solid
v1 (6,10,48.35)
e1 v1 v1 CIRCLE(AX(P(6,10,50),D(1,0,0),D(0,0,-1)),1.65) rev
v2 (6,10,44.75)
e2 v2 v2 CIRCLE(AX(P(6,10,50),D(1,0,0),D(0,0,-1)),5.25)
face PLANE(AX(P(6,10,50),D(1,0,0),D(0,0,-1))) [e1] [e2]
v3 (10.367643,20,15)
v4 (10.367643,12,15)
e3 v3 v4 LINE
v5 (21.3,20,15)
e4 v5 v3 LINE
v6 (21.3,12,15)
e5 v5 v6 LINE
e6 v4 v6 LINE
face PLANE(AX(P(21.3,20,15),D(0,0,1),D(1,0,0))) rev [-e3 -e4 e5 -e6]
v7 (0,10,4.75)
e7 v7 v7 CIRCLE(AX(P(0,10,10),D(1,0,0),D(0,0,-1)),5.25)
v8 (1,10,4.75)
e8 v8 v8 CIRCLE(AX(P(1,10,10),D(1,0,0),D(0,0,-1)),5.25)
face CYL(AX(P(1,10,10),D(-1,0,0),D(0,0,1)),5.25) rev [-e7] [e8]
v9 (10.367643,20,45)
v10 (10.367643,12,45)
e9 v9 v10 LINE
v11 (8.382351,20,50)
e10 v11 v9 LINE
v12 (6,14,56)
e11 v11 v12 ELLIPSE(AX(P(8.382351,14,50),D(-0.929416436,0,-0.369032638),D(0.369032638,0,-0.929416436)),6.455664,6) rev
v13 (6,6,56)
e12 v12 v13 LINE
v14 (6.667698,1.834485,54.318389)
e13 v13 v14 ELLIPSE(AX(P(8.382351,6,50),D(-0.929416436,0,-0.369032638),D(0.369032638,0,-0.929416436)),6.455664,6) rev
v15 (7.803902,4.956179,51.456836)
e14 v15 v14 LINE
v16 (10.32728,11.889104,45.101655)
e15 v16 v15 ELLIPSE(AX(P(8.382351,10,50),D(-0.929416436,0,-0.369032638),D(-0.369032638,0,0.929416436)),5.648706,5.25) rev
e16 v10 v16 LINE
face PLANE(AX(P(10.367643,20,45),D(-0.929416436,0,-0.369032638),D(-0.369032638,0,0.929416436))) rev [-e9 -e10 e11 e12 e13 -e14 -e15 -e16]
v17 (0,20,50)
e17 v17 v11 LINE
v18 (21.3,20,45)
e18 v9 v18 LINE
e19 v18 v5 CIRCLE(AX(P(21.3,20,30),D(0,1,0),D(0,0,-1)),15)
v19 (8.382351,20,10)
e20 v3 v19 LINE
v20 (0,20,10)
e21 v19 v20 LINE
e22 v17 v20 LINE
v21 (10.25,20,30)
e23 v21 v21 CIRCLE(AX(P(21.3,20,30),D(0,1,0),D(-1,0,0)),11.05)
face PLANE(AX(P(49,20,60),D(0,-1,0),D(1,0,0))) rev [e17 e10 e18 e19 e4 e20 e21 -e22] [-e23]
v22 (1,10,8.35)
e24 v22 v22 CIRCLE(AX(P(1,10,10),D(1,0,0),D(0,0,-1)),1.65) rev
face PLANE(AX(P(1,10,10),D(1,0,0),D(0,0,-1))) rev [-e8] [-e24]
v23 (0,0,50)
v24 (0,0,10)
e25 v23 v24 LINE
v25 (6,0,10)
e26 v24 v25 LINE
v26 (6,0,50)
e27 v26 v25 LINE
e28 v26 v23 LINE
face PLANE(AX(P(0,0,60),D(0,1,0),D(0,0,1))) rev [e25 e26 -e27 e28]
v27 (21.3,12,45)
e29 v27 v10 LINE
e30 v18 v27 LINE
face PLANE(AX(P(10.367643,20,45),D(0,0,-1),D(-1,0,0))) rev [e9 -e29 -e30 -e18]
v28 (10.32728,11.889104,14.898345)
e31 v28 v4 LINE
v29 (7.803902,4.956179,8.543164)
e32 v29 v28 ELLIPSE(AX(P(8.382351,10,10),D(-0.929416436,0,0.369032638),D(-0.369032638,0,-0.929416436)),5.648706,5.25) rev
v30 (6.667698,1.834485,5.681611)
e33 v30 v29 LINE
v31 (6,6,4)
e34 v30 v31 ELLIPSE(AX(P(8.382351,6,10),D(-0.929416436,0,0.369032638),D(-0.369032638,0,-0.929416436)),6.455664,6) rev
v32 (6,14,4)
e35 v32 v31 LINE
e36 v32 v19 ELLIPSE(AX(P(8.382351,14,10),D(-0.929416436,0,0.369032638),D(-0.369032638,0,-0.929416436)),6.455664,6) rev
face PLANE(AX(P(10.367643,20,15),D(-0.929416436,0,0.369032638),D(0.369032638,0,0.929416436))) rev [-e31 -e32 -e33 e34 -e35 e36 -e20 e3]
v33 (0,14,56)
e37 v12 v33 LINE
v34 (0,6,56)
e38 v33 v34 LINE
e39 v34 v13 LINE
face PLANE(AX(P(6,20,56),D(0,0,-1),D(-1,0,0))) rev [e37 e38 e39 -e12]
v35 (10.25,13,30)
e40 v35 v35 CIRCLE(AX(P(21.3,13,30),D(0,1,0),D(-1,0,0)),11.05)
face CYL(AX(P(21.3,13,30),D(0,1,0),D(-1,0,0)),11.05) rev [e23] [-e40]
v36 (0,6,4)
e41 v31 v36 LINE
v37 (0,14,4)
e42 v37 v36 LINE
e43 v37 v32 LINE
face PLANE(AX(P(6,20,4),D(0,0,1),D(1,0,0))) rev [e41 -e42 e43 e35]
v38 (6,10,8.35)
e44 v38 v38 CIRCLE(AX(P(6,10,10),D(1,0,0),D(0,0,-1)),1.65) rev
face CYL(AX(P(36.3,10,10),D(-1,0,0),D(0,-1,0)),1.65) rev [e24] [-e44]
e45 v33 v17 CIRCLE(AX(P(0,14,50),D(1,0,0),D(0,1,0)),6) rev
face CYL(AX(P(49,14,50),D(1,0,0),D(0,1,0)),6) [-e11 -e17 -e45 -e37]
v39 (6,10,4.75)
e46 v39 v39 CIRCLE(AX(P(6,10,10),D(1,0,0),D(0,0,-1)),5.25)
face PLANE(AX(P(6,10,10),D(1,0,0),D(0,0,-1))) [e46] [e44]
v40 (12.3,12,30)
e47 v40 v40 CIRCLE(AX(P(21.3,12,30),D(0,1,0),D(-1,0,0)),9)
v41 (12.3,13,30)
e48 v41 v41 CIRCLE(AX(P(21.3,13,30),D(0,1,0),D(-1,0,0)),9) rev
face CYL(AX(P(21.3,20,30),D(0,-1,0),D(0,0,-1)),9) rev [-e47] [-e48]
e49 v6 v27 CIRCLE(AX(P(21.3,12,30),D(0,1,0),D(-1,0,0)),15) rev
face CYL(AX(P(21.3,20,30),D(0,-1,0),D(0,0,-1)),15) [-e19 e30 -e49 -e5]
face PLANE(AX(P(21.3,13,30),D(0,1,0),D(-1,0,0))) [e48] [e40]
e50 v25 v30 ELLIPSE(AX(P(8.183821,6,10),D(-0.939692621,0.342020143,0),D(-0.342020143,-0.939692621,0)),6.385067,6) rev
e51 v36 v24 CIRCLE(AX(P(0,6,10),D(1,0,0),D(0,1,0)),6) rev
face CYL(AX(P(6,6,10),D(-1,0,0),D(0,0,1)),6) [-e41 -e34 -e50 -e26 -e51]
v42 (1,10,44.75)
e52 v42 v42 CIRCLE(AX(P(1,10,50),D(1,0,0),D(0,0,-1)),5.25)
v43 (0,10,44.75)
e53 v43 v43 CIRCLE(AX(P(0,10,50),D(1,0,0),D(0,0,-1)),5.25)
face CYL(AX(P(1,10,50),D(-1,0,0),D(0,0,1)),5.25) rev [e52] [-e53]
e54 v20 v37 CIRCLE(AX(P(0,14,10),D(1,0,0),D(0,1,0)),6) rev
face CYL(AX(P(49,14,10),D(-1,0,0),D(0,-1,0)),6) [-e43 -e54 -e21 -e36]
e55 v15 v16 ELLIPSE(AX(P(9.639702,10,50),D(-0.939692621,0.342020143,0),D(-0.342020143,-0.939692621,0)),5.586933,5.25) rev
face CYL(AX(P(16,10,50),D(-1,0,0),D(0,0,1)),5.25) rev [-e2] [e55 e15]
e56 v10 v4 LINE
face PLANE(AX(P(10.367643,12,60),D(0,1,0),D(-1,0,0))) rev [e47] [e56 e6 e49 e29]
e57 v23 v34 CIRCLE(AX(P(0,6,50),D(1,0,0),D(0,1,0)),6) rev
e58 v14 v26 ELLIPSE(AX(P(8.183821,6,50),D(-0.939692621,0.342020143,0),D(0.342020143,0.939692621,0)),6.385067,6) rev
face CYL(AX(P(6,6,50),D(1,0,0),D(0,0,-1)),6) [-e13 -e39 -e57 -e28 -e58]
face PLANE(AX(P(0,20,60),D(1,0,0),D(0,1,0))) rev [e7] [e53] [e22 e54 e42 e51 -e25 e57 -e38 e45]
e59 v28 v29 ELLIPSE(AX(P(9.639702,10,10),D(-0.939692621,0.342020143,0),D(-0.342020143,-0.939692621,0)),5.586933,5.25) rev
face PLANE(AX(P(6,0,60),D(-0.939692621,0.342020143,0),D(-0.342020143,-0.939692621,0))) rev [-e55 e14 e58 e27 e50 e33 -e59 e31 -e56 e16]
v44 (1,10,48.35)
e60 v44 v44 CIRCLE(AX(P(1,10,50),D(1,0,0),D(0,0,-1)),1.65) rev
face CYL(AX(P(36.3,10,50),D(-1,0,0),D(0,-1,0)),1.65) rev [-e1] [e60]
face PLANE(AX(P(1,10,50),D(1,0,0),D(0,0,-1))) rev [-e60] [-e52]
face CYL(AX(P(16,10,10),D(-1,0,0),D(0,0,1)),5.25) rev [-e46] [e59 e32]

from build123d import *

# Parameters (mm, degrees)
RESSALTO_EXTRUS_O1_DEPTH   = 60
ESBO_O2_R                  = 9
CORTE_EXTRUS_O1_DEPTH      = 13
CORTE_EXTRUS_O1_DEPTH_BACK = 9
ESBO_O3_R                  = 1.65
CORTE_EXTRUS_O2_DEPTH      = 37.3
ESBO_O4_R                  = 11.05
CORTE_EXTRUS_O3_DEPTH      = 7
CORTE_EXTRUS_O5_START      = 6
ESBO_O7_R                  = 5.25
CORTE_EXTRUS_O5_DEPTH      = 10
ESBO_O7_2_R                = 5.25
CORTE_EXTRUS_O7_DEPTH      = 1
FILETE1_R                  = 6


with BuildPart() as part:
    # Esboço1 → Ressalto-extrusão1 (new body)
    with BuildSketch(Plane.XY):
        Polygon((0, 0), (6, 0), (10.367642811, 12), (49, 12), (49, 20), (0, 20), align=None)
    extrude(amount=RESSALTO_EXTRUS_O1_DEPTH)

    # Esboço2 → Corte-extrusão1 (cut, two sides)
    with BuildSketch(Plane.XZ.offset(-12)) as corte_extrus_o1_sk:
        with Locations((21.3, 30)):
            Circle(ESBO_O2_R)
        with BuildLine():
            Line((21.3, 15), (10.367642811, 15))
            Line((10.367642811, 15), (6, 4))
            Line((6, 4), (0, 4))
            Line((0, 4), (0, 0))
            Line((0, 0), (49, 0))
            Line((49, 0), (49, 60))
            Line((49, 60), (0, 60))
            Line((0, 60), (0, 56))
            Line((0, 56), (6, 56))
            Line((6, 56), (10.367642811, 45))
            Line((10.367642811, 45), (21.3, 45))
            ThreePointArc((21.3, 45), (36.3, 30), (21.3, 15))
        make_face()
    extrude(amount=CORTE_EXTRUS_O1_DEPTH, mode=Mode.SUBTRACT)
    extrude(corte_extrus_o1_sk.sketch, amount=-CORTE_EXTRUS_O1_DEPTH_BACK, mode=Mode.SUBTRACT)

    # Esboço3 → Corte-extrusão2 (cut, through all)
    with BuildSketch(Plane.ZY):
        with Locations((50, 10)):
            Circle(ESBO_O3_R)
        with Locations((10, 10)):
            Circle(ESBO_O3_R)
    extrude(amount=-CORTE_EXTRUS_O2_DEPTH, mode=Mode.SUBTRACT)

    # Esboço4 → Corte-extrusão3 (cut)
    with BuildSketch(Plane(origin=(0, 20, 0), x_dir=(1, 0, 0), z_dir=(0, 1, 0))):
        with Locations((21.3, -30)):
            Circle(ESBO_O4_R)
    extrude(amount=-CORTE_EXTRUS_O3_DEPTH, mode=Mode.SUBTRACT)

    # Esboço7 → Corte-extrusão5 (cut)
    with BuildSketch(Plane(origin=(0, 0, 0), x_dir=(0, 0, -1), z_dir=(1, 0, 0)).offset(CORTE_EXTRUS_O5_START)):
        with Locations((-50, 10)):
            Circle(ESBO_O7_R)
        with Locations((-10, 10)):
            Circle(ESBO_O7_R)
    extrude(amount=CORTE_EXTRUS_O5_DEPTH, mode=Mode.SUBTRACT)

    # Esboço7<2> → Corte-extrusão7 (cut)
    with BuildSketch(Plane(origin=(0, 0, 0), x_dir=(0, 0, -1), z_dir=(1, 0, 0))):
        with Locations((-50, 10)):
            Circle(ESBO_O7_2_R)
        with Locations((-10, 10)):
            Circle(ESBO_O7_2_R)
    extrude(amount=CORTE_EXTRUS_O7_DEPTH, mode=Mode.SUBTRACT)

    # Filete1
    filete1_edges = [part.edges().sort_by_distance(p)[0] for p in [
        (3, 0, 4),
        (3, 0, 56),
        (3, 20, 4),
        (3, 20, 56),
    ]]
    fillet(filete1_edges, radius=FILETE1_R)


solid = part.part
